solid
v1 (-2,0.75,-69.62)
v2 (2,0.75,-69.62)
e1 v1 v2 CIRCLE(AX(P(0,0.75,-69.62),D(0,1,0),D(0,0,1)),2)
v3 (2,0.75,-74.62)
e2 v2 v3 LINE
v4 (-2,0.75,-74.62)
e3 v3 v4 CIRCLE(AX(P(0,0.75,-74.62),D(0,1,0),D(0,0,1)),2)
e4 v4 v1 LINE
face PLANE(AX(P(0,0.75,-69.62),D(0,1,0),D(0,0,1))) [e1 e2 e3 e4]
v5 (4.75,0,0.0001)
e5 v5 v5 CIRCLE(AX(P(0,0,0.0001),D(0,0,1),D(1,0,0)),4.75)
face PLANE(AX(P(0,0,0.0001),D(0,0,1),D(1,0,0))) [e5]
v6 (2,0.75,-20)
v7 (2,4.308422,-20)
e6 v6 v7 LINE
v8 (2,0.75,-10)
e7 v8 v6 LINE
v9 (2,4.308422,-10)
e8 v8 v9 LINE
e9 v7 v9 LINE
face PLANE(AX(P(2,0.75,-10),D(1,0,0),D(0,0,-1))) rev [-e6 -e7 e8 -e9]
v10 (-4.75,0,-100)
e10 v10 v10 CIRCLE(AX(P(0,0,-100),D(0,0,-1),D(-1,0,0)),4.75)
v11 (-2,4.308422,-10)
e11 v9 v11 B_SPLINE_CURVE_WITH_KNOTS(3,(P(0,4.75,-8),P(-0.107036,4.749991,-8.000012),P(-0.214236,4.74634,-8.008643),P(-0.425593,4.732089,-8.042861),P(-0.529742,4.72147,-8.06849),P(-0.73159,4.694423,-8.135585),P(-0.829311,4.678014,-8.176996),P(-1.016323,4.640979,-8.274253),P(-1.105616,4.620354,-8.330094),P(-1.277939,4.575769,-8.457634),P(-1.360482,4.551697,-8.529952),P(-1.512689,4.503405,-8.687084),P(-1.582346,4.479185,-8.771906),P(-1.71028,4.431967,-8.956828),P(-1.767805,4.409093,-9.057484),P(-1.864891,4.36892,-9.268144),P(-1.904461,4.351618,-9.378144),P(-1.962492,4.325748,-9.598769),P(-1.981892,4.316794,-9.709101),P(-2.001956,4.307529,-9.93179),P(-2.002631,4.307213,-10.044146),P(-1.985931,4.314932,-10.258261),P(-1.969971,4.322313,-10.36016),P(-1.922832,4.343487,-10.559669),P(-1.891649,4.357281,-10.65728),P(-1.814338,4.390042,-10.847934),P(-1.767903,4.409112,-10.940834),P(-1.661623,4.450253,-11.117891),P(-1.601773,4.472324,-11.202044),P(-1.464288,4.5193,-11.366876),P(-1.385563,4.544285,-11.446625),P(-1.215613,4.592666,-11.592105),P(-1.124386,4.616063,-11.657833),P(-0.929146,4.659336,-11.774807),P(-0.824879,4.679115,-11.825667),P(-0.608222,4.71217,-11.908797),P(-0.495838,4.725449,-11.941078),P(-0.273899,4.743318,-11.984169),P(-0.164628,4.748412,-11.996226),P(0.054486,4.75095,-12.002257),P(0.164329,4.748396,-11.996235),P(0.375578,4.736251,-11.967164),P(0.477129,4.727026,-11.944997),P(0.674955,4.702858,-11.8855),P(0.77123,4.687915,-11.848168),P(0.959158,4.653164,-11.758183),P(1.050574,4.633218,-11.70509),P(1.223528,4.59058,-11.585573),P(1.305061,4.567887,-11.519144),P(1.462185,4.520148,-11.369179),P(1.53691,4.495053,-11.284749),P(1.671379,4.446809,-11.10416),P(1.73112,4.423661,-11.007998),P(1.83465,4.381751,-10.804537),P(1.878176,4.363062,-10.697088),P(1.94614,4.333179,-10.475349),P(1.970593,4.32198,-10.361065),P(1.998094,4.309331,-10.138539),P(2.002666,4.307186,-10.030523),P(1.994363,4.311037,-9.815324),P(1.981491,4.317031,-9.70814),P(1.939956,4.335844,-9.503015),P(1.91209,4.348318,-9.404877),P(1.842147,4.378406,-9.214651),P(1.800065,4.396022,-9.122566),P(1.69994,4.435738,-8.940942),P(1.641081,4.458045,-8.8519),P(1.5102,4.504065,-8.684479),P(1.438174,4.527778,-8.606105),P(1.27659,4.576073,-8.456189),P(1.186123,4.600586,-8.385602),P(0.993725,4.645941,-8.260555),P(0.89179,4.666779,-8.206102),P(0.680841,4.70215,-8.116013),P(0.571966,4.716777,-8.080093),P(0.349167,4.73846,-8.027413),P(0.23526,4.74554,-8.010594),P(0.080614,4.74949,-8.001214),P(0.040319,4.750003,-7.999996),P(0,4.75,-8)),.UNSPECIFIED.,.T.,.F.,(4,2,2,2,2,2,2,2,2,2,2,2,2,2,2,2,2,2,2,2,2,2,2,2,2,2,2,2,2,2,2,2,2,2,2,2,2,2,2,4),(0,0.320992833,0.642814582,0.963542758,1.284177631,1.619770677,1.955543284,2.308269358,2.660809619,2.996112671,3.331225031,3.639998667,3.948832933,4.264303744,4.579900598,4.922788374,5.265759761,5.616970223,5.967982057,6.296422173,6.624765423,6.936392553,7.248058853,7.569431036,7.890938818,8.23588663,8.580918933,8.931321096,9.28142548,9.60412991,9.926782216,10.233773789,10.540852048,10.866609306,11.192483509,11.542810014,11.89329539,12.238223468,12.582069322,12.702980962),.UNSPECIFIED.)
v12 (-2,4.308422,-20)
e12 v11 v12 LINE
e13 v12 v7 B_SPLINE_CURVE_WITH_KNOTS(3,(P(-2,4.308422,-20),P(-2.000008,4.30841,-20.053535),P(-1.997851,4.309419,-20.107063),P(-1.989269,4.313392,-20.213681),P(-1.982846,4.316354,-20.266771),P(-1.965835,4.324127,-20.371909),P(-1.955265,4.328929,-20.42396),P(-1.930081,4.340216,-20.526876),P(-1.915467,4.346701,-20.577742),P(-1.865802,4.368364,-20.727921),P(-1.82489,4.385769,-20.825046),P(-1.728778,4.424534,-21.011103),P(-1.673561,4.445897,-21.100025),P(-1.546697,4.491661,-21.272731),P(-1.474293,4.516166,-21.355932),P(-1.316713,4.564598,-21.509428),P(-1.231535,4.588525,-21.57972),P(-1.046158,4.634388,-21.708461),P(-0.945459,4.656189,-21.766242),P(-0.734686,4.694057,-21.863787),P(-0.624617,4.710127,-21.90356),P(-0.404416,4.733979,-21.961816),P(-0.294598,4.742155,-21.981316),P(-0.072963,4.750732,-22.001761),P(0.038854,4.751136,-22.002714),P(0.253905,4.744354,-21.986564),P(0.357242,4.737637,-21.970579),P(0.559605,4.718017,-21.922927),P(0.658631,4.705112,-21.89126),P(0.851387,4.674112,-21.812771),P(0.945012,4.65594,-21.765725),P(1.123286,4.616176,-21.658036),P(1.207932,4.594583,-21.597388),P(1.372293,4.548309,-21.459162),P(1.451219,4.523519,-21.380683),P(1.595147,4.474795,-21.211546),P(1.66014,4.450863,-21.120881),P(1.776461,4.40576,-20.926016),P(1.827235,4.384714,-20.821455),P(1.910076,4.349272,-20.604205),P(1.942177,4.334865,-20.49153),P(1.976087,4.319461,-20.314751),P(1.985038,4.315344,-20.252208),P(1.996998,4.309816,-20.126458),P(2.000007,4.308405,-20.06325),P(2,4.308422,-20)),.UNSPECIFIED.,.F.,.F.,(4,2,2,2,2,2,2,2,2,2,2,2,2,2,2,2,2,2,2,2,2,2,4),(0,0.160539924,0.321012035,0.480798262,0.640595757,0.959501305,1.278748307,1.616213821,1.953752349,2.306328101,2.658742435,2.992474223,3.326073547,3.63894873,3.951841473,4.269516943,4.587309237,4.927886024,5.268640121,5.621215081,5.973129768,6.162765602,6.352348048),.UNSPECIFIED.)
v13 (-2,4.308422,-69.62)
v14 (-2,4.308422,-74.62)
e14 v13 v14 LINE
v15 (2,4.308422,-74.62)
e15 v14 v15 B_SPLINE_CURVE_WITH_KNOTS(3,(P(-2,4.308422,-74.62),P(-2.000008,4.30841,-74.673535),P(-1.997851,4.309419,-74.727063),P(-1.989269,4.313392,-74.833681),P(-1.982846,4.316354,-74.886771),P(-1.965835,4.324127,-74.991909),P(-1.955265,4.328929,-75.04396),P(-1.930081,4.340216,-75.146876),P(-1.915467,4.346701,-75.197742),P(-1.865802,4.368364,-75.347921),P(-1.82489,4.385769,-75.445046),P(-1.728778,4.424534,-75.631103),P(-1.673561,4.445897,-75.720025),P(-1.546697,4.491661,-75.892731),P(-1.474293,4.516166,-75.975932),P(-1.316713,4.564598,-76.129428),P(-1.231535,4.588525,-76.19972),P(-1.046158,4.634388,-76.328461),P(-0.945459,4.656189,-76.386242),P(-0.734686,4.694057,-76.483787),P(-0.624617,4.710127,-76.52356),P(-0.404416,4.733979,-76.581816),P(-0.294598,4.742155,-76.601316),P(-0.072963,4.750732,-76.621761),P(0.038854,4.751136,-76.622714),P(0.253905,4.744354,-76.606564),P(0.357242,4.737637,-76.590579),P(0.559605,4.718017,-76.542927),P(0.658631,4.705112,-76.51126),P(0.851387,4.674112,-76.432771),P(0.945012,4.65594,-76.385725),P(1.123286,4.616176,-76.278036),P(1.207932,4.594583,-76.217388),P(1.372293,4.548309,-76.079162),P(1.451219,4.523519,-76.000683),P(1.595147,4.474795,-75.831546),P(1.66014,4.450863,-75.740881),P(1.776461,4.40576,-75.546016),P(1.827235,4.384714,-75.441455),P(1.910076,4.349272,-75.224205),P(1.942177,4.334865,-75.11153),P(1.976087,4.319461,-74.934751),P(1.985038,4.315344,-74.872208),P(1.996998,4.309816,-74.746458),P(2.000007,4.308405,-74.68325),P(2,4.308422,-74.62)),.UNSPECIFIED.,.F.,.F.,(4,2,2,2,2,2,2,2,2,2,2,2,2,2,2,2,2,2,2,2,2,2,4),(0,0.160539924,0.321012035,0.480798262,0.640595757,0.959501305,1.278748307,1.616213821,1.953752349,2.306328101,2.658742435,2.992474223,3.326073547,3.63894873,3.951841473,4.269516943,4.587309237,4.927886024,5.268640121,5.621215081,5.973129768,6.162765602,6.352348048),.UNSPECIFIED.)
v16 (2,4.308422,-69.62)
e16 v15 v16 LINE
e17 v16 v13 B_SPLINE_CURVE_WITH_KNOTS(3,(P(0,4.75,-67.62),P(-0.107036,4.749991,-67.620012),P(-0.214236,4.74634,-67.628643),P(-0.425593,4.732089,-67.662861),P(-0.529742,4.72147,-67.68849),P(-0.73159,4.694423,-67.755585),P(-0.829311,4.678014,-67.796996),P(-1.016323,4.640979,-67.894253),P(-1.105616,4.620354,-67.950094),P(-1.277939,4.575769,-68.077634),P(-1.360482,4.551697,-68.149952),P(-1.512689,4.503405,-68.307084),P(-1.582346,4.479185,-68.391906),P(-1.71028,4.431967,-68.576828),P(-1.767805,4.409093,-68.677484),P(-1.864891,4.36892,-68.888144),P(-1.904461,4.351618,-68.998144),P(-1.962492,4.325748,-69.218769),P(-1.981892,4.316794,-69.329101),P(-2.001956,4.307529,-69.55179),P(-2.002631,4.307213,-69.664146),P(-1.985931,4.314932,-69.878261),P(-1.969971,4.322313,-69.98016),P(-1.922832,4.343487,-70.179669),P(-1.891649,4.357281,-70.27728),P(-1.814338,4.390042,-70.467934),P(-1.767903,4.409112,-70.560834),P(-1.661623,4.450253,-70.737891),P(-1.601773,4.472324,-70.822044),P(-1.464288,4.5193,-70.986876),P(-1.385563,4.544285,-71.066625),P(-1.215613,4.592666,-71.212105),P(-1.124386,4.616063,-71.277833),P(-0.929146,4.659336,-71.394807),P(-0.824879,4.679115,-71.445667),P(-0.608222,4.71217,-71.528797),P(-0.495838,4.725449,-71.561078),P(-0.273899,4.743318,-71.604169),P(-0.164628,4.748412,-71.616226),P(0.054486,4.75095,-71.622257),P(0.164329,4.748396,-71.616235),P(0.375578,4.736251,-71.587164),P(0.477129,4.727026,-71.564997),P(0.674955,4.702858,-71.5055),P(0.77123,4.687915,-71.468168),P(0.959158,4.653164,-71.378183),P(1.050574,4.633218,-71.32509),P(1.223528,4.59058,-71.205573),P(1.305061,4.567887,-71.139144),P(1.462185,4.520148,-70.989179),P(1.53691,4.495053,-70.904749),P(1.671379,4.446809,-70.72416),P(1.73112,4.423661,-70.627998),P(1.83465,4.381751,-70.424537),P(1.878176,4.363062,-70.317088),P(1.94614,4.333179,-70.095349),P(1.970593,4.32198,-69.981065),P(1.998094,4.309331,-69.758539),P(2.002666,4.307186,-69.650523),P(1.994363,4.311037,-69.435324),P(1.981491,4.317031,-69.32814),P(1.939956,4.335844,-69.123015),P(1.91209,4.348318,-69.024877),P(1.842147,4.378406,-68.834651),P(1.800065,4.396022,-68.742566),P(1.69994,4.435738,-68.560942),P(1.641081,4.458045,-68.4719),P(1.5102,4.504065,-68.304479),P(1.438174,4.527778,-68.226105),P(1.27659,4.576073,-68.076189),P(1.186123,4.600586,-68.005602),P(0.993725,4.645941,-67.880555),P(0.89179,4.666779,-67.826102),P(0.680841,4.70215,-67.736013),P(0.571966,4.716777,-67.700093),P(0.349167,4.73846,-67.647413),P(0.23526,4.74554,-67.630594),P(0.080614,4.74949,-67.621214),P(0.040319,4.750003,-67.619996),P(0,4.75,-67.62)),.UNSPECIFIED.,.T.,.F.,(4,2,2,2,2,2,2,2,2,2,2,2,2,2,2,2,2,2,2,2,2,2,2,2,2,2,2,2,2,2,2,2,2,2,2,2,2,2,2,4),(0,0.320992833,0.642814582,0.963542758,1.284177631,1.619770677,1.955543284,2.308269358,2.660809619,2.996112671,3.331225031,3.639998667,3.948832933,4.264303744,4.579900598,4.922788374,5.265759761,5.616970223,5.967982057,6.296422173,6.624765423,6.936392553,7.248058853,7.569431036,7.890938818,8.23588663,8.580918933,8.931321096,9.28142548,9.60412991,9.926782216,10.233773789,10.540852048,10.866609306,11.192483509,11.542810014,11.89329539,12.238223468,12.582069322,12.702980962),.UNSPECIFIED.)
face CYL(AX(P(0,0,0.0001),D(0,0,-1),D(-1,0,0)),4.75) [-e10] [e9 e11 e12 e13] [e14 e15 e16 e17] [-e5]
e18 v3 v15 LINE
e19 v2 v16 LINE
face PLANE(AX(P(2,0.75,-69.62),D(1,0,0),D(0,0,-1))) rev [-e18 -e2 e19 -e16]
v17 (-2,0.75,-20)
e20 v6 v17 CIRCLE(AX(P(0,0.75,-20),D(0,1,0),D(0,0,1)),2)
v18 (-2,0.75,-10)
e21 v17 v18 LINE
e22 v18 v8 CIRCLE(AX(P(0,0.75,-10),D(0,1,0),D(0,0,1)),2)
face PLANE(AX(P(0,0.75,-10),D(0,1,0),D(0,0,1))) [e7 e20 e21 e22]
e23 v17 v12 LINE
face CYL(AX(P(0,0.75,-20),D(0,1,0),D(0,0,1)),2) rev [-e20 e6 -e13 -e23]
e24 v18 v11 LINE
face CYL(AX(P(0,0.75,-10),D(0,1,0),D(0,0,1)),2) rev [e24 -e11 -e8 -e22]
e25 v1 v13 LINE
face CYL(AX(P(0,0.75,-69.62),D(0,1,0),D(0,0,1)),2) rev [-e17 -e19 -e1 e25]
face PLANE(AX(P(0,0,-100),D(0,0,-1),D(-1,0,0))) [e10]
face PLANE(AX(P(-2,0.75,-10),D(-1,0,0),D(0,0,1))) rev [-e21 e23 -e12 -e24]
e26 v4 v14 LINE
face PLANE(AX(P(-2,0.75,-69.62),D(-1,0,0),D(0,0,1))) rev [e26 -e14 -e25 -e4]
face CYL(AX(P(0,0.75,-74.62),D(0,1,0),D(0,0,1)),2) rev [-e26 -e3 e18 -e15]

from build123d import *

# Parameters (mm, degrees)
SKETCH1_R           = 4.75
BOSS_EXTRUDE1_DEPTH = 0.0001
BOSS_EXTRUDE2_START = 105
SKETCH4_R           = 4.75
BOSS_EXTRUDE2_DEPTH = 105
CUT_EXTRUDE3_DEPTH  = 4
SKETCH6_R           = 4.75
CUT_EXTRUDE4_DEPTH  = 5


with BuildPart() as part:
    # Sketch1 → Boss-Extrude1 (new body)
    with BuildSketch(Plane.XY):
        Circle(SKETCH1_R)
    extrude(amount=BOSS_EXTRUDE1_DEPTH)

    # Sketch4 → Boss-Extrude2 (add)
    with BuildSketch(Plane(origin=(0, 0, 0), x_dir=(-1, 0, 0), z_dir=(0, 0, -1)).offset(BOSS_EXTRUDE2_START)):
        Circle(SKETCH4_R)
    extrude(amount=-BOSS_EXTRUDE2_DEPTH)

    # Sketch5 → Cut-Extrude3 (cut)
    with BuildSketch(Plane(origin=(0, 4.75, 0), x_dir=(1, 0, 0), z_dir=(0, 1, 0))):
        with BuildLine():
            Line((-2, 10), (-2, 20))
            ThreePointArc((-2, 20), (0, 22), (2, 20))
            Line((2, 20), (2, 10))
            ThreePointArc((2, 10), (0, 8), (-2, 10))
        make_face()
        with BuildLine():
            Line((-2, 69.62), (-2, 74.62))
            ThreePointArc((-2, 74.62), (0, 76.62), (2, 74.62))
            Line((2, 74.62), (2, 69.62))
            ThreePointArc((2, 69.62), (0, 67.62), (-2, 69.62))
        make_face()
    extrude(amount=-CUT_EXTRUDE3_DEPTH, mode=Mode.SUBTRACT)

    # Sketch6 → Cut-Extrude4 (cut)
    with BuildSketch(Plane(origin=(0, 0, -105), x_dir=(-1, 0, 0), z_dir=(0, 0, -1))):
        Circle(SKETCH6_R)
    extrude(amount=-CUT_EXTRUDE4_DEPTH, mode=Mode.SUBTRACT)


solid = part.part
